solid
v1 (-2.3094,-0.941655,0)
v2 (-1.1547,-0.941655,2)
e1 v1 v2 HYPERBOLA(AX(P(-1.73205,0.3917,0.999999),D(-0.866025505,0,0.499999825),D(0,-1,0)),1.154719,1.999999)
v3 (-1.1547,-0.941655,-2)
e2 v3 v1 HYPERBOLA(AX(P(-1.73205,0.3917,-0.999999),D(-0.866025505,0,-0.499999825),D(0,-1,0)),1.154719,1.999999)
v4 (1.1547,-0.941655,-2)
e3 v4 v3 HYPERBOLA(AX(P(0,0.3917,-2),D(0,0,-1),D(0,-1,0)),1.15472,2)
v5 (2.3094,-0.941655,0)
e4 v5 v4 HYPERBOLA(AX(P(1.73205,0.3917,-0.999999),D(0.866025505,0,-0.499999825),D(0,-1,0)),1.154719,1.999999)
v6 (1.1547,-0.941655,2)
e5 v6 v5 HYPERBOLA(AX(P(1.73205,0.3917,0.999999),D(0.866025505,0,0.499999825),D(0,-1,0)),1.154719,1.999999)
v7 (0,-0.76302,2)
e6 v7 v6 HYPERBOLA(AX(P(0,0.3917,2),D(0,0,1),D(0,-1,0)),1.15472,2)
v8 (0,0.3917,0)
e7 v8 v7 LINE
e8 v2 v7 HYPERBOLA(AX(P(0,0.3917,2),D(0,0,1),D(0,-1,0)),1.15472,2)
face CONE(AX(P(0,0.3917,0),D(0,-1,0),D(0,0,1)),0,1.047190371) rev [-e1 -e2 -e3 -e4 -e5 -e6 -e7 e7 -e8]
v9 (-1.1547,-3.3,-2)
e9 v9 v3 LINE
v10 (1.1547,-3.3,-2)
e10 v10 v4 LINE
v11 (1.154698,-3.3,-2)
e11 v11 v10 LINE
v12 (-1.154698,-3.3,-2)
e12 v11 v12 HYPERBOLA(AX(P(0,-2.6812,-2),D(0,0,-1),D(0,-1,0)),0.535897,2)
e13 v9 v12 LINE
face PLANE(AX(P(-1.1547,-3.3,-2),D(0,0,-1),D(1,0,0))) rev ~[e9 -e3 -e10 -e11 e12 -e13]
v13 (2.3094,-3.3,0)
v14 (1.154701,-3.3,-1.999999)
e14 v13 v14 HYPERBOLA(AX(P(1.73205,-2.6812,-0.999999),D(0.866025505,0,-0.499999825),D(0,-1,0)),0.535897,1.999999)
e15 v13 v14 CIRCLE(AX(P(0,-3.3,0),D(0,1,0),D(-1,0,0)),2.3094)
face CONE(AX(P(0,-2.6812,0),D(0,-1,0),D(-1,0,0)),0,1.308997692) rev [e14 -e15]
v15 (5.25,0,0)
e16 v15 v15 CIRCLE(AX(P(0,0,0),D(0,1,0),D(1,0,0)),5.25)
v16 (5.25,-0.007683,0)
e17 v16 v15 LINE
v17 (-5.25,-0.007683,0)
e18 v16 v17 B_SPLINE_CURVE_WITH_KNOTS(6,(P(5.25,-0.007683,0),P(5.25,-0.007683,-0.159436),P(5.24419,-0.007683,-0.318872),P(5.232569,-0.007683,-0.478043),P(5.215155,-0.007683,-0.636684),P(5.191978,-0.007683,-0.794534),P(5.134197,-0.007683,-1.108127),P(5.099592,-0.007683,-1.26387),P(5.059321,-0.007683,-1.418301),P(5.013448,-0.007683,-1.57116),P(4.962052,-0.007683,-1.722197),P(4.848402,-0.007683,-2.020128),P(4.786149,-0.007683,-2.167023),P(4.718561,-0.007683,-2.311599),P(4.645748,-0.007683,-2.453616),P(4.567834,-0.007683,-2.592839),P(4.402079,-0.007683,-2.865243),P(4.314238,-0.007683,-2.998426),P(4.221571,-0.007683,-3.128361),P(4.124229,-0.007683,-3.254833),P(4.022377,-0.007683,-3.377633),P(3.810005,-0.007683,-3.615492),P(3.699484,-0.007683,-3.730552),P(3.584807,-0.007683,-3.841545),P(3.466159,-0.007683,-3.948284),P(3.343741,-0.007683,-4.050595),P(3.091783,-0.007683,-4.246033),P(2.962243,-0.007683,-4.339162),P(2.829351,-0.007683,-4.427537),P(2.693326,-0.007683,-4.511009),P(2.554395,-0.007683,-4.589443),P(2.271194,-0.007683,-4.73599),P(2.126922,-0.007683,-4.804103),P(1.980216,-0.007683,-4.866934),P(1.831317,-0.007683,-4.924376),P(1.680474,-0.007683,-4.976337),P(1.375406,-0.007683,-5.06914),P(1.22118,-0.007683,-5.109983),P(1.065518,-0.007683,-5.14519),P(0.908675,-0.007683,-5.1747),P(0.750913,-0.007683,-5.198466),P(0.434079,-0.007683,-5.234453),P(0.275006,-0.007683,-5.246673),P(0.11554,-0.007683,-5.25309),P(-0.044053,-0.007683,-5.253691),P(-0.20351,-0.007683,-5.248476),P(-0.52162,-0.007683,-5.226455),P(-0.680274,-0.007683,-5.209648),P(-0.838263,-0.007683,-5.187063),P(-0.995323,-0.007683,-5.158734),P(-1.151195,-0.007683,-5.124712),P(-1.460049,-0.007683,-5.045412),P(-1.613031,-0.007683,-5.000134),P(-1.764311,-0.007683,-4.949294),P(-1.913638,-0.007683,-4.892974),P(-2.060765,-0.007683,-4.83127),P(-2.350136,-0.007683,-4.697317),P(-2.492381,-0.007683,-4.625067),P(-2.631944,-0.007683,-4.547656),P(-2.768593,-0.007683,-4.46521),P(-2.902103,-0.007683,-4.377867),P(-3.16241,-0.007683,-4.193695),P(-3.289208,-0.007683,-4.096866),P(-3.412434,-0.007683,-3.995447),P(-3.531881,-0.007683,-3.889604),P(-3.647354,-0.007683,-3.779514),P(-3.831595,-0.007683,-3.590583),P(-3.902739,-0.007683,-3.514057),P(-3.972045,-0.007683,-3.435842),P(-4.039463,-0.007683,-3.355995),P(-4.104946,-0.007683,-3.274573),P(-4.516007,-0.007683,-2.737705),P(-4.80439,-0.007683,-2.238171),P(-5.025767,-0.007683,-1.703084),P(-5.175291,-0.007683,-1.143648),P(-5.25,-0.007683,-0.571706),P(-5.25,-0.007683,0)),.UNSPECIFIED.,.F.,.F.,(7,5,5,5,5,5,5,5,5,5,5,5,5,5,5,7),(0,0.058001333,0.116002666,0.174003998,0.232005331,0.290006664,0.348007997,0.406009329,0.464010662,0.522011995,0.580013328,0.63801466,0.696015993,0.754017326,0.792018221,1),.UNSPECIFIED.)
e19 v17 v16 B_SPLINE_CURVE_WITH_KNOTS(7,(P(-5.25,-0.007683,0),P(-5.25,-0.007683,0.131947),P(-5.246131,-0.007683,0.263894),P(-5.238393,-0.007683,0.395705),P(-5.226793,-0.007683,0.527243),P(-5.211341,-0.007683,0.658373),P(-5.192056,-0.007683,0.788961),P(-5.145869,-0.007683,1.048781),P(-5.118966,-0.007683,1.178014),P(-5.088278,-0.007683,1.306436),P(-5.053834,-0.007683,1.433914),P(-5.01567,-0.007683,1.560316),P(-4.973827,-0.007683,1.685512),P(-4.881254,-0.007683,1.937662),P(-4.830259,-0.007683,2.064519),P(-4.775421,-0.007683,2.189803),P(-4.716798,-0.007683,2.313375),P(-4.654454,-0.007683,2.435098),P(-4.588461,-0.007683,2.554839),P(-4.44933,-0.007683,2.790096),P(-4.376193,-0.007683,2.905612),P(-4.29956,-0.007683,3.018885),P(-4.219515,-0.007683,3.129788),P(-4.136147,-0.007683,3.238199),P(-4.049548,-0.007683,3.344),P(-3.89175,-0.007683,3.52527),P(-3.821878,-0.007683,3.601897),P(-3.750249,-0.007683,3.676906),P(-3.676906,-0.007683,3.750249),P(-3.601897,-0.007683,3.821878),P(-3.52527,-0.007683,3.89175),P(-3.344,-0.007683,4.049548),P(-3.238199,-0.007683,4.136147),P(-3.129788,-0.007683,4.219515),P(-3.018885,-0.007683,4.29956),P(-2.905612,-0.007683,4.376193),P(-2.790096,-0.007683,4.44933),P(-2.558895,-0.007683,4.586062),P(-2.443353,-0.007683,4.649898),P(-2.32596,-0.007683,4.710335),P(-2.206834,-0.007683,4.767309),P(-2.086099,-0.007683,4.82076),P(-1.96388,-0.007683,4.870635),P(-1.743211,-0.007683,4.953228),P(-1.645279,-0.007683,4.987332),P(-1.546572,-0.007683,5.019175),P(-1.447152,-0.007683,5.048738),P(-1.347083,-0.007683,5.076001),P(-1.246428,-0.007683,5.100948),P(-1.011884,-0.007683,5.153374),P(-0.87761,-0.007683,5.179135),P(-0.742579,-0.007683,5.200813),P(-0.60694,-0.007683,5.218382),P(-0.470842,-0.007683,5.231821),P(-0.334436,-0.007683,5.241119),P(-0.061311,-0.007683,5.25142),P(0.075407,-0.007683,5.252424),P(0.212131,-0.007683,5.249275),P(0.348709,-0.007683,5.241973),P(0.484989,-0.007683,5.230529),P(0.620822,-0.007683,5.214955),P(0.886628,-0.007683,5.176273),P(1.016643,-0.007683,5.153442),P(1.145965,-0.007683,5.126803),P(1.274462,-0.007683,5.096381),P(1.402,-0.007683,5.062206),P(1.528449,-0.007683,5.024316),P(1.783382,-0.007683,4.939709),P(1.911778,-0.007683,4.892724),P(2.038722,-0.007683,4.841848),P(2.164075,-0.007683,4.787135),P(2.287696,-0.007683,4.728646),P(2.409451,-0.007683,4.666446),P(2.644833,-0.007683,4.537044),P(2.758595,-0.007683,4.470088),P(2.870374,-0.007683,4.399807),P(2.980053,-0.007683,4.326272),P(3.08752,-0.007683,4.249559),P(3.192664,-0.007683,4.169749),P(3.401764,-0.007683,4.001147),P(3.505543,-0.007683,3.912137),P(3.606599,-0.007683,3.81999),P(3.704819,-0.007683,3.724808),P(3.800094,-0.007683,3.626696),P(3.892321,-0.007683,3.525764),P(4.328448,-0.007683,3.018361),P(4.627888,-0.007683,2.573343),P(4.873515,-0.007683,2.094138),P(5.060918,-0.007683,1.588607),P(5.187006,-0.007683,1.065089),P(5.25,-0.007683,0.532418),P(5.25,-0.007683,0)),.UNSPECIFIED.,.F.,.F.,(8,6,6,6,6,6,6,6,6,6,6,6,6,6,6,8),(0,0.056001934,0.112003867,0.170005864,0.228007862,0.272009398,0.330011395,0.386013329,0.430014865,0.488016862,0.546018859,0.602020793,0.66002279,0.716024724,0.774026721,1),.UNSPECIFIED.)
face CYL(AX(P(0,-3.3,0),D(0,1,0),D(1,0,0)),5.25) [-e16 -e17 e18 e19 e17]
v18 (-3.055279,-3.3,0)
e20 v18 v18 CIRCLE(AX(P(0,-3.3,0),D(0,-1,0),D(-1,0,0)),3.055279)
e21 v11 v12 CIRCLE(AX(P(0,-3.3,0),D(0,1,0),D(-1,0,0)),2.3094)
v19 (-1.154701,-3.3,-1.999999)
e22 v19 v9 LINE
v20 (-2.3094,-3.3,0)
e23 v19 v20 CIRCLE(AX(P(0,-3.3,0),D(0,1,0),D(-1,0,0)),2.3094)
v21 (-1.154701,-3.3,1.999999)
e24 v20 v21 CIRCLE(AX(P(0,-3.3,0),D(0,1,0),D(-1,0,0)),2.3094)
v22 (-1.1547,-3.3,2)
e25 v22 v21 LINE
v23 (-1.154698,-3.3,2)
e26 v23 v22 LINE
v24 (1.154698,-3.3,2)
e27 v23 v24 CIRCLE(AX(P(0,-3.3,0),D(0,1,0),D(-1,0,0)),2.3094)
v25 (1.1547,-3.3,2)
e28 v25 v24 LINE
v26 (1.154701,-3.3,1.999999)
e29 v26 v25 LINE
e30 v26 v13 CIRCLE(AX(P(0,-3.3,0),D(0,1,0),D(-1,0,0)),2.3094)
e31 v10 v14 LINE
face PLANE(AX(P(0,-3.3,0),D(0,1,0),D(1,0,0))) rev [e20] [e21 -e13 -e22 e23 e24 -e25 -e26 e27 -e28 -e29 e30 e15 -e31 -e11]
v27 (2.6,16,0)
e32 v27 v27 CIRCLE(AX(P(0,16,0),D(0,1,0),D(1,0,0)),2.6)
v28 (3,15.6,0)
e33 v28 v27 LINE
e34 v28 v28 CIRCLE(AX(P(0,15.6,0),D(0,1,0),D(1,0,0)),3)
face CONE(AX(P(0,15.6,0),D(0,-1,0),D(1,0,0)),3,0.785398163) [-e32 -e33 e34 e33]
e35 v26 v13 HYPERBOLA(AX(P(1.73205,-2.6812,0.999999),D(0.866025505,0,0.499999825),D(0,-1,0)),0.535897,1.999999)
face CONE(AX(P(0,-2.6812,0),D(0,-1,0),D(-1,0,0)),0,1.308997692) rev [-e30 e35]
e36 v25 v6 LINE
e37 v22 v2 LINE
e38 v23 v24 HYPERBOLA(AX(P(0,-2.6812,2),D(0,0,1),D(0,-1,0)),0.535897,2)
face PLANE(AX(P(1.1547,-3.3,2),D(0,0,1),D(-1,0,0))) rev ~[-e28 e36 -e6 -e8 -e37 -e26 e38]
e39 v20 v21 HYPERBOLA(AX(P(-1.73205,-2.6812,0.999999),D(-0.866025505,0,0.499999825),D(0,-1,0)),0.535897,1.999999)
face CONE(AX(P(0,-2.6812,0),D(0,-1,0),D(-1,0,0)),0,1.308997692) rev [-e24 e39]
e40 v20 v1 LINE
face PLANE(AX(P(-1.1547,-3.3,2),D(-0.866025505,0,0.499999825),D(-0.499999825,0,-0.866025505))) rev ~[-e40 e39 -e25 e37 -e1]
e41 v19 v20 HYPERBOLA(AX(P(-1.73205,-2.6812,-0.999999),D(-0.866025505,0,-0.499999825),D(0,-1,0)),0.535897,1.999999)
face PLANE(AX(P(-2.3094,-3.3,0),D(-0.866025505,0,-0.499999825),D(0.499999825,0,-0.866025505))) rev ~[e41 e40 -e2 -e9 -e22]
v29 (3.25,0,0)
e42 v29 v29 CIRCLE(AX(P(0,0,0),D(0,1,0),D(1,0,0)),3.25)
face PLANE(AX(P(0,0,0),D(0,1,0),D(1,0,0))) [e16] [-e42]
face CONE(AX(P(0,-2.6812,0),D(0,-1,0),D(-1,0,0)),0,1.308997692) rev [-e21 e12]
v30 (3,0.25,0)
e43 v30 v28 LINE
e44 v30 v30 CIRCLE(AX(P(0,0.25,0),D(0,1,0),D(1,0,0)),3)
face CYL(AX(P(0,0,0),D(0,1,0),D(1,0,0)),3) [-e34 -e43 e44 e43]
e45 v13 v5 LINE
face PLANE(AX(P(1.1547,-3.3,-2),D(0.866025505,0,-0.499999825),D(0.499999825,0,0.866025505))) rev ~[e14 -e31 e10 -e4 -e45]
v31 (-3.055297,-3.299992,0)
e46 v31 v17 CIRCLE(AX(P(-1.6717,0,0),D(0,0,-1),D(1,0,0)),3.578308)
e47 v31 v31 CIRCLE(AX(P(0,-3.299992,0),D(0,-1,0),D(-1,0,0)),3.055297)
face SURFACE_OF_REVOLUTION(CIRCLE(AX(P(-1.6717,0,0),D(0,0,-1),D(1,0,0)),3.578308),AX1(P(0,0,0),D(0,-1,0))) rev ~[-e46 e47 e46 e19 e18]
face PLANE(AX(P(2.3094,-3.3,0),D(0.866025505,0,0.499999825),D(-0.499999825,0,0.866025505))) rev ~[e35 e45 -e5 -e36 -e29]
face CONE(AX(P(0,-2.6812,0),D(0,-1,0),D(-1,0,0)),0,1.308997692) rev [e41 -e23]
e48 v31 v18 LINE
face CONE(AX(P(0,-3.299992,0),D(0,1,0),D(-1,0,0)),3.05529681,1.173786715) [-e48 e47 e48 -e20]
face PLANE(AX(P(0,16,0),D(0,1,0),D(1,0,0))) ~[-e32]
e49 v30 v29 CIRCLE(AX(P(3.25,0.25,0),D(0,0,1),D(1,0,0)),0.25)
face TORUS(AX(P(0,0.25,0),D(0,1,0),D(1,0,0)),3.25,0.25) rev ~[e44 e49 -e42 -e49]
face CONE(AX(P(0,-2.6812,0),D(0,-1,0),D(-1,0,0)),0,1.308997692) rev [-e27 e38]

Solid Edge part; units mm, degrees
sketch "Sketch1" plane through (0, 0, 0) normal (0, 0, 1) x (1, 0, 0)
  line L0 (3, 0) -> (3, 16)
  line L1 (0, 16) -> (3, 16)
  line L2 (0, 0) -> (0, 16)
  line L3 (0, 0) -> (0, -3.3)
  line L4 (0, -3.3) -> (5.25, -3.3)
  line L5 (5.25, -3.3) -> (5.25, 0)
  line L6 (5.25, 0) -> (3, 0)
revolve "RevolvedProtrusion1" add sketch "Sketch1" angle 360 about axis through (0, 0, 0) along (0, 1, 0)
sketch "Sketch2" plane through (0, 0, 0) normal (1, 0, 0) x (0, 1, 0)
  line L0 (-3.3, 2.7915) -> (-1.22, 2.7915)
  line L1 (0.3917, 0) -> (-1.22, 2.7915)
  line L2 (-3.3, 0) -> (0.3917, 0)
  line L3 (-3.3, 0) -> (-3.3, 2.7915)
revolve "RevolvedCutout1" cut sketch "Sketch2" angle 360 about axis through (0, -4.5, 0) along (0, 1, 0)
sketch "Sketch3" plane through (0, -3.3, 0) normal (0, -1, 0) x (0, 0, 1)
  circle A0 centre (0, 0) radius 2.7915
  line L0 (-2, -1.1547) -> (0, -2.3094)
  line L1 (0, -2.3094) -> (2, -1.1547)
  line L2 (2, -1.1547) -> (2, 1.1547)
  line L3 (2, 1.1547) -> (0, 2.3094)
  line L4 (0, 2.3094) -> (-2, 1.1547)
  line L5 (-2, 1.1547) -> (-2, -1.1547)
  dimension "D1" = 4
extrude "Protrusion1" add sketch "Sketch3" against normal up to next
sketch "Sketch4" plane through (0, 0, 0) normal (0, 0, 1) x (1, 0, 0)
  line L0 (-2.3094, -3.3) -> (0, -3.3)
  line L1 (0, -3.3) -> (0, -2.6812)
  line L2 (0, -2.6812) -> (-2.3094, -3.3)
revolve "RevolvedCutout2" cut sketch "Sketch4" angle 360 about axis through (0, -4.5, 0) along (0, 1, 0)
fillet "Round1" radius 0.25 1 edges at (0, 0, -3)
chamfer "倒斜角_2" distance 0.4 angle 45 1 edges at (0, 16, -3)
cosmetic_thread "螺纹_3" size "M6" thread depth 14
sketch "Sketch5" plane through (0, 0, 0) normal (0, 0, 1) x (1, 0, 0)
  arc A0 (-3.0553, -3.3) -> (-5.25, 0) centre (-1.6717, 0) cw
revolve "RevolvedCutout3" cut sketch "Sketch5" angle 360 about axis through (0, 0, 0) along (0, -1, 0) material side at (-4.6929, -2.0093, 0)
